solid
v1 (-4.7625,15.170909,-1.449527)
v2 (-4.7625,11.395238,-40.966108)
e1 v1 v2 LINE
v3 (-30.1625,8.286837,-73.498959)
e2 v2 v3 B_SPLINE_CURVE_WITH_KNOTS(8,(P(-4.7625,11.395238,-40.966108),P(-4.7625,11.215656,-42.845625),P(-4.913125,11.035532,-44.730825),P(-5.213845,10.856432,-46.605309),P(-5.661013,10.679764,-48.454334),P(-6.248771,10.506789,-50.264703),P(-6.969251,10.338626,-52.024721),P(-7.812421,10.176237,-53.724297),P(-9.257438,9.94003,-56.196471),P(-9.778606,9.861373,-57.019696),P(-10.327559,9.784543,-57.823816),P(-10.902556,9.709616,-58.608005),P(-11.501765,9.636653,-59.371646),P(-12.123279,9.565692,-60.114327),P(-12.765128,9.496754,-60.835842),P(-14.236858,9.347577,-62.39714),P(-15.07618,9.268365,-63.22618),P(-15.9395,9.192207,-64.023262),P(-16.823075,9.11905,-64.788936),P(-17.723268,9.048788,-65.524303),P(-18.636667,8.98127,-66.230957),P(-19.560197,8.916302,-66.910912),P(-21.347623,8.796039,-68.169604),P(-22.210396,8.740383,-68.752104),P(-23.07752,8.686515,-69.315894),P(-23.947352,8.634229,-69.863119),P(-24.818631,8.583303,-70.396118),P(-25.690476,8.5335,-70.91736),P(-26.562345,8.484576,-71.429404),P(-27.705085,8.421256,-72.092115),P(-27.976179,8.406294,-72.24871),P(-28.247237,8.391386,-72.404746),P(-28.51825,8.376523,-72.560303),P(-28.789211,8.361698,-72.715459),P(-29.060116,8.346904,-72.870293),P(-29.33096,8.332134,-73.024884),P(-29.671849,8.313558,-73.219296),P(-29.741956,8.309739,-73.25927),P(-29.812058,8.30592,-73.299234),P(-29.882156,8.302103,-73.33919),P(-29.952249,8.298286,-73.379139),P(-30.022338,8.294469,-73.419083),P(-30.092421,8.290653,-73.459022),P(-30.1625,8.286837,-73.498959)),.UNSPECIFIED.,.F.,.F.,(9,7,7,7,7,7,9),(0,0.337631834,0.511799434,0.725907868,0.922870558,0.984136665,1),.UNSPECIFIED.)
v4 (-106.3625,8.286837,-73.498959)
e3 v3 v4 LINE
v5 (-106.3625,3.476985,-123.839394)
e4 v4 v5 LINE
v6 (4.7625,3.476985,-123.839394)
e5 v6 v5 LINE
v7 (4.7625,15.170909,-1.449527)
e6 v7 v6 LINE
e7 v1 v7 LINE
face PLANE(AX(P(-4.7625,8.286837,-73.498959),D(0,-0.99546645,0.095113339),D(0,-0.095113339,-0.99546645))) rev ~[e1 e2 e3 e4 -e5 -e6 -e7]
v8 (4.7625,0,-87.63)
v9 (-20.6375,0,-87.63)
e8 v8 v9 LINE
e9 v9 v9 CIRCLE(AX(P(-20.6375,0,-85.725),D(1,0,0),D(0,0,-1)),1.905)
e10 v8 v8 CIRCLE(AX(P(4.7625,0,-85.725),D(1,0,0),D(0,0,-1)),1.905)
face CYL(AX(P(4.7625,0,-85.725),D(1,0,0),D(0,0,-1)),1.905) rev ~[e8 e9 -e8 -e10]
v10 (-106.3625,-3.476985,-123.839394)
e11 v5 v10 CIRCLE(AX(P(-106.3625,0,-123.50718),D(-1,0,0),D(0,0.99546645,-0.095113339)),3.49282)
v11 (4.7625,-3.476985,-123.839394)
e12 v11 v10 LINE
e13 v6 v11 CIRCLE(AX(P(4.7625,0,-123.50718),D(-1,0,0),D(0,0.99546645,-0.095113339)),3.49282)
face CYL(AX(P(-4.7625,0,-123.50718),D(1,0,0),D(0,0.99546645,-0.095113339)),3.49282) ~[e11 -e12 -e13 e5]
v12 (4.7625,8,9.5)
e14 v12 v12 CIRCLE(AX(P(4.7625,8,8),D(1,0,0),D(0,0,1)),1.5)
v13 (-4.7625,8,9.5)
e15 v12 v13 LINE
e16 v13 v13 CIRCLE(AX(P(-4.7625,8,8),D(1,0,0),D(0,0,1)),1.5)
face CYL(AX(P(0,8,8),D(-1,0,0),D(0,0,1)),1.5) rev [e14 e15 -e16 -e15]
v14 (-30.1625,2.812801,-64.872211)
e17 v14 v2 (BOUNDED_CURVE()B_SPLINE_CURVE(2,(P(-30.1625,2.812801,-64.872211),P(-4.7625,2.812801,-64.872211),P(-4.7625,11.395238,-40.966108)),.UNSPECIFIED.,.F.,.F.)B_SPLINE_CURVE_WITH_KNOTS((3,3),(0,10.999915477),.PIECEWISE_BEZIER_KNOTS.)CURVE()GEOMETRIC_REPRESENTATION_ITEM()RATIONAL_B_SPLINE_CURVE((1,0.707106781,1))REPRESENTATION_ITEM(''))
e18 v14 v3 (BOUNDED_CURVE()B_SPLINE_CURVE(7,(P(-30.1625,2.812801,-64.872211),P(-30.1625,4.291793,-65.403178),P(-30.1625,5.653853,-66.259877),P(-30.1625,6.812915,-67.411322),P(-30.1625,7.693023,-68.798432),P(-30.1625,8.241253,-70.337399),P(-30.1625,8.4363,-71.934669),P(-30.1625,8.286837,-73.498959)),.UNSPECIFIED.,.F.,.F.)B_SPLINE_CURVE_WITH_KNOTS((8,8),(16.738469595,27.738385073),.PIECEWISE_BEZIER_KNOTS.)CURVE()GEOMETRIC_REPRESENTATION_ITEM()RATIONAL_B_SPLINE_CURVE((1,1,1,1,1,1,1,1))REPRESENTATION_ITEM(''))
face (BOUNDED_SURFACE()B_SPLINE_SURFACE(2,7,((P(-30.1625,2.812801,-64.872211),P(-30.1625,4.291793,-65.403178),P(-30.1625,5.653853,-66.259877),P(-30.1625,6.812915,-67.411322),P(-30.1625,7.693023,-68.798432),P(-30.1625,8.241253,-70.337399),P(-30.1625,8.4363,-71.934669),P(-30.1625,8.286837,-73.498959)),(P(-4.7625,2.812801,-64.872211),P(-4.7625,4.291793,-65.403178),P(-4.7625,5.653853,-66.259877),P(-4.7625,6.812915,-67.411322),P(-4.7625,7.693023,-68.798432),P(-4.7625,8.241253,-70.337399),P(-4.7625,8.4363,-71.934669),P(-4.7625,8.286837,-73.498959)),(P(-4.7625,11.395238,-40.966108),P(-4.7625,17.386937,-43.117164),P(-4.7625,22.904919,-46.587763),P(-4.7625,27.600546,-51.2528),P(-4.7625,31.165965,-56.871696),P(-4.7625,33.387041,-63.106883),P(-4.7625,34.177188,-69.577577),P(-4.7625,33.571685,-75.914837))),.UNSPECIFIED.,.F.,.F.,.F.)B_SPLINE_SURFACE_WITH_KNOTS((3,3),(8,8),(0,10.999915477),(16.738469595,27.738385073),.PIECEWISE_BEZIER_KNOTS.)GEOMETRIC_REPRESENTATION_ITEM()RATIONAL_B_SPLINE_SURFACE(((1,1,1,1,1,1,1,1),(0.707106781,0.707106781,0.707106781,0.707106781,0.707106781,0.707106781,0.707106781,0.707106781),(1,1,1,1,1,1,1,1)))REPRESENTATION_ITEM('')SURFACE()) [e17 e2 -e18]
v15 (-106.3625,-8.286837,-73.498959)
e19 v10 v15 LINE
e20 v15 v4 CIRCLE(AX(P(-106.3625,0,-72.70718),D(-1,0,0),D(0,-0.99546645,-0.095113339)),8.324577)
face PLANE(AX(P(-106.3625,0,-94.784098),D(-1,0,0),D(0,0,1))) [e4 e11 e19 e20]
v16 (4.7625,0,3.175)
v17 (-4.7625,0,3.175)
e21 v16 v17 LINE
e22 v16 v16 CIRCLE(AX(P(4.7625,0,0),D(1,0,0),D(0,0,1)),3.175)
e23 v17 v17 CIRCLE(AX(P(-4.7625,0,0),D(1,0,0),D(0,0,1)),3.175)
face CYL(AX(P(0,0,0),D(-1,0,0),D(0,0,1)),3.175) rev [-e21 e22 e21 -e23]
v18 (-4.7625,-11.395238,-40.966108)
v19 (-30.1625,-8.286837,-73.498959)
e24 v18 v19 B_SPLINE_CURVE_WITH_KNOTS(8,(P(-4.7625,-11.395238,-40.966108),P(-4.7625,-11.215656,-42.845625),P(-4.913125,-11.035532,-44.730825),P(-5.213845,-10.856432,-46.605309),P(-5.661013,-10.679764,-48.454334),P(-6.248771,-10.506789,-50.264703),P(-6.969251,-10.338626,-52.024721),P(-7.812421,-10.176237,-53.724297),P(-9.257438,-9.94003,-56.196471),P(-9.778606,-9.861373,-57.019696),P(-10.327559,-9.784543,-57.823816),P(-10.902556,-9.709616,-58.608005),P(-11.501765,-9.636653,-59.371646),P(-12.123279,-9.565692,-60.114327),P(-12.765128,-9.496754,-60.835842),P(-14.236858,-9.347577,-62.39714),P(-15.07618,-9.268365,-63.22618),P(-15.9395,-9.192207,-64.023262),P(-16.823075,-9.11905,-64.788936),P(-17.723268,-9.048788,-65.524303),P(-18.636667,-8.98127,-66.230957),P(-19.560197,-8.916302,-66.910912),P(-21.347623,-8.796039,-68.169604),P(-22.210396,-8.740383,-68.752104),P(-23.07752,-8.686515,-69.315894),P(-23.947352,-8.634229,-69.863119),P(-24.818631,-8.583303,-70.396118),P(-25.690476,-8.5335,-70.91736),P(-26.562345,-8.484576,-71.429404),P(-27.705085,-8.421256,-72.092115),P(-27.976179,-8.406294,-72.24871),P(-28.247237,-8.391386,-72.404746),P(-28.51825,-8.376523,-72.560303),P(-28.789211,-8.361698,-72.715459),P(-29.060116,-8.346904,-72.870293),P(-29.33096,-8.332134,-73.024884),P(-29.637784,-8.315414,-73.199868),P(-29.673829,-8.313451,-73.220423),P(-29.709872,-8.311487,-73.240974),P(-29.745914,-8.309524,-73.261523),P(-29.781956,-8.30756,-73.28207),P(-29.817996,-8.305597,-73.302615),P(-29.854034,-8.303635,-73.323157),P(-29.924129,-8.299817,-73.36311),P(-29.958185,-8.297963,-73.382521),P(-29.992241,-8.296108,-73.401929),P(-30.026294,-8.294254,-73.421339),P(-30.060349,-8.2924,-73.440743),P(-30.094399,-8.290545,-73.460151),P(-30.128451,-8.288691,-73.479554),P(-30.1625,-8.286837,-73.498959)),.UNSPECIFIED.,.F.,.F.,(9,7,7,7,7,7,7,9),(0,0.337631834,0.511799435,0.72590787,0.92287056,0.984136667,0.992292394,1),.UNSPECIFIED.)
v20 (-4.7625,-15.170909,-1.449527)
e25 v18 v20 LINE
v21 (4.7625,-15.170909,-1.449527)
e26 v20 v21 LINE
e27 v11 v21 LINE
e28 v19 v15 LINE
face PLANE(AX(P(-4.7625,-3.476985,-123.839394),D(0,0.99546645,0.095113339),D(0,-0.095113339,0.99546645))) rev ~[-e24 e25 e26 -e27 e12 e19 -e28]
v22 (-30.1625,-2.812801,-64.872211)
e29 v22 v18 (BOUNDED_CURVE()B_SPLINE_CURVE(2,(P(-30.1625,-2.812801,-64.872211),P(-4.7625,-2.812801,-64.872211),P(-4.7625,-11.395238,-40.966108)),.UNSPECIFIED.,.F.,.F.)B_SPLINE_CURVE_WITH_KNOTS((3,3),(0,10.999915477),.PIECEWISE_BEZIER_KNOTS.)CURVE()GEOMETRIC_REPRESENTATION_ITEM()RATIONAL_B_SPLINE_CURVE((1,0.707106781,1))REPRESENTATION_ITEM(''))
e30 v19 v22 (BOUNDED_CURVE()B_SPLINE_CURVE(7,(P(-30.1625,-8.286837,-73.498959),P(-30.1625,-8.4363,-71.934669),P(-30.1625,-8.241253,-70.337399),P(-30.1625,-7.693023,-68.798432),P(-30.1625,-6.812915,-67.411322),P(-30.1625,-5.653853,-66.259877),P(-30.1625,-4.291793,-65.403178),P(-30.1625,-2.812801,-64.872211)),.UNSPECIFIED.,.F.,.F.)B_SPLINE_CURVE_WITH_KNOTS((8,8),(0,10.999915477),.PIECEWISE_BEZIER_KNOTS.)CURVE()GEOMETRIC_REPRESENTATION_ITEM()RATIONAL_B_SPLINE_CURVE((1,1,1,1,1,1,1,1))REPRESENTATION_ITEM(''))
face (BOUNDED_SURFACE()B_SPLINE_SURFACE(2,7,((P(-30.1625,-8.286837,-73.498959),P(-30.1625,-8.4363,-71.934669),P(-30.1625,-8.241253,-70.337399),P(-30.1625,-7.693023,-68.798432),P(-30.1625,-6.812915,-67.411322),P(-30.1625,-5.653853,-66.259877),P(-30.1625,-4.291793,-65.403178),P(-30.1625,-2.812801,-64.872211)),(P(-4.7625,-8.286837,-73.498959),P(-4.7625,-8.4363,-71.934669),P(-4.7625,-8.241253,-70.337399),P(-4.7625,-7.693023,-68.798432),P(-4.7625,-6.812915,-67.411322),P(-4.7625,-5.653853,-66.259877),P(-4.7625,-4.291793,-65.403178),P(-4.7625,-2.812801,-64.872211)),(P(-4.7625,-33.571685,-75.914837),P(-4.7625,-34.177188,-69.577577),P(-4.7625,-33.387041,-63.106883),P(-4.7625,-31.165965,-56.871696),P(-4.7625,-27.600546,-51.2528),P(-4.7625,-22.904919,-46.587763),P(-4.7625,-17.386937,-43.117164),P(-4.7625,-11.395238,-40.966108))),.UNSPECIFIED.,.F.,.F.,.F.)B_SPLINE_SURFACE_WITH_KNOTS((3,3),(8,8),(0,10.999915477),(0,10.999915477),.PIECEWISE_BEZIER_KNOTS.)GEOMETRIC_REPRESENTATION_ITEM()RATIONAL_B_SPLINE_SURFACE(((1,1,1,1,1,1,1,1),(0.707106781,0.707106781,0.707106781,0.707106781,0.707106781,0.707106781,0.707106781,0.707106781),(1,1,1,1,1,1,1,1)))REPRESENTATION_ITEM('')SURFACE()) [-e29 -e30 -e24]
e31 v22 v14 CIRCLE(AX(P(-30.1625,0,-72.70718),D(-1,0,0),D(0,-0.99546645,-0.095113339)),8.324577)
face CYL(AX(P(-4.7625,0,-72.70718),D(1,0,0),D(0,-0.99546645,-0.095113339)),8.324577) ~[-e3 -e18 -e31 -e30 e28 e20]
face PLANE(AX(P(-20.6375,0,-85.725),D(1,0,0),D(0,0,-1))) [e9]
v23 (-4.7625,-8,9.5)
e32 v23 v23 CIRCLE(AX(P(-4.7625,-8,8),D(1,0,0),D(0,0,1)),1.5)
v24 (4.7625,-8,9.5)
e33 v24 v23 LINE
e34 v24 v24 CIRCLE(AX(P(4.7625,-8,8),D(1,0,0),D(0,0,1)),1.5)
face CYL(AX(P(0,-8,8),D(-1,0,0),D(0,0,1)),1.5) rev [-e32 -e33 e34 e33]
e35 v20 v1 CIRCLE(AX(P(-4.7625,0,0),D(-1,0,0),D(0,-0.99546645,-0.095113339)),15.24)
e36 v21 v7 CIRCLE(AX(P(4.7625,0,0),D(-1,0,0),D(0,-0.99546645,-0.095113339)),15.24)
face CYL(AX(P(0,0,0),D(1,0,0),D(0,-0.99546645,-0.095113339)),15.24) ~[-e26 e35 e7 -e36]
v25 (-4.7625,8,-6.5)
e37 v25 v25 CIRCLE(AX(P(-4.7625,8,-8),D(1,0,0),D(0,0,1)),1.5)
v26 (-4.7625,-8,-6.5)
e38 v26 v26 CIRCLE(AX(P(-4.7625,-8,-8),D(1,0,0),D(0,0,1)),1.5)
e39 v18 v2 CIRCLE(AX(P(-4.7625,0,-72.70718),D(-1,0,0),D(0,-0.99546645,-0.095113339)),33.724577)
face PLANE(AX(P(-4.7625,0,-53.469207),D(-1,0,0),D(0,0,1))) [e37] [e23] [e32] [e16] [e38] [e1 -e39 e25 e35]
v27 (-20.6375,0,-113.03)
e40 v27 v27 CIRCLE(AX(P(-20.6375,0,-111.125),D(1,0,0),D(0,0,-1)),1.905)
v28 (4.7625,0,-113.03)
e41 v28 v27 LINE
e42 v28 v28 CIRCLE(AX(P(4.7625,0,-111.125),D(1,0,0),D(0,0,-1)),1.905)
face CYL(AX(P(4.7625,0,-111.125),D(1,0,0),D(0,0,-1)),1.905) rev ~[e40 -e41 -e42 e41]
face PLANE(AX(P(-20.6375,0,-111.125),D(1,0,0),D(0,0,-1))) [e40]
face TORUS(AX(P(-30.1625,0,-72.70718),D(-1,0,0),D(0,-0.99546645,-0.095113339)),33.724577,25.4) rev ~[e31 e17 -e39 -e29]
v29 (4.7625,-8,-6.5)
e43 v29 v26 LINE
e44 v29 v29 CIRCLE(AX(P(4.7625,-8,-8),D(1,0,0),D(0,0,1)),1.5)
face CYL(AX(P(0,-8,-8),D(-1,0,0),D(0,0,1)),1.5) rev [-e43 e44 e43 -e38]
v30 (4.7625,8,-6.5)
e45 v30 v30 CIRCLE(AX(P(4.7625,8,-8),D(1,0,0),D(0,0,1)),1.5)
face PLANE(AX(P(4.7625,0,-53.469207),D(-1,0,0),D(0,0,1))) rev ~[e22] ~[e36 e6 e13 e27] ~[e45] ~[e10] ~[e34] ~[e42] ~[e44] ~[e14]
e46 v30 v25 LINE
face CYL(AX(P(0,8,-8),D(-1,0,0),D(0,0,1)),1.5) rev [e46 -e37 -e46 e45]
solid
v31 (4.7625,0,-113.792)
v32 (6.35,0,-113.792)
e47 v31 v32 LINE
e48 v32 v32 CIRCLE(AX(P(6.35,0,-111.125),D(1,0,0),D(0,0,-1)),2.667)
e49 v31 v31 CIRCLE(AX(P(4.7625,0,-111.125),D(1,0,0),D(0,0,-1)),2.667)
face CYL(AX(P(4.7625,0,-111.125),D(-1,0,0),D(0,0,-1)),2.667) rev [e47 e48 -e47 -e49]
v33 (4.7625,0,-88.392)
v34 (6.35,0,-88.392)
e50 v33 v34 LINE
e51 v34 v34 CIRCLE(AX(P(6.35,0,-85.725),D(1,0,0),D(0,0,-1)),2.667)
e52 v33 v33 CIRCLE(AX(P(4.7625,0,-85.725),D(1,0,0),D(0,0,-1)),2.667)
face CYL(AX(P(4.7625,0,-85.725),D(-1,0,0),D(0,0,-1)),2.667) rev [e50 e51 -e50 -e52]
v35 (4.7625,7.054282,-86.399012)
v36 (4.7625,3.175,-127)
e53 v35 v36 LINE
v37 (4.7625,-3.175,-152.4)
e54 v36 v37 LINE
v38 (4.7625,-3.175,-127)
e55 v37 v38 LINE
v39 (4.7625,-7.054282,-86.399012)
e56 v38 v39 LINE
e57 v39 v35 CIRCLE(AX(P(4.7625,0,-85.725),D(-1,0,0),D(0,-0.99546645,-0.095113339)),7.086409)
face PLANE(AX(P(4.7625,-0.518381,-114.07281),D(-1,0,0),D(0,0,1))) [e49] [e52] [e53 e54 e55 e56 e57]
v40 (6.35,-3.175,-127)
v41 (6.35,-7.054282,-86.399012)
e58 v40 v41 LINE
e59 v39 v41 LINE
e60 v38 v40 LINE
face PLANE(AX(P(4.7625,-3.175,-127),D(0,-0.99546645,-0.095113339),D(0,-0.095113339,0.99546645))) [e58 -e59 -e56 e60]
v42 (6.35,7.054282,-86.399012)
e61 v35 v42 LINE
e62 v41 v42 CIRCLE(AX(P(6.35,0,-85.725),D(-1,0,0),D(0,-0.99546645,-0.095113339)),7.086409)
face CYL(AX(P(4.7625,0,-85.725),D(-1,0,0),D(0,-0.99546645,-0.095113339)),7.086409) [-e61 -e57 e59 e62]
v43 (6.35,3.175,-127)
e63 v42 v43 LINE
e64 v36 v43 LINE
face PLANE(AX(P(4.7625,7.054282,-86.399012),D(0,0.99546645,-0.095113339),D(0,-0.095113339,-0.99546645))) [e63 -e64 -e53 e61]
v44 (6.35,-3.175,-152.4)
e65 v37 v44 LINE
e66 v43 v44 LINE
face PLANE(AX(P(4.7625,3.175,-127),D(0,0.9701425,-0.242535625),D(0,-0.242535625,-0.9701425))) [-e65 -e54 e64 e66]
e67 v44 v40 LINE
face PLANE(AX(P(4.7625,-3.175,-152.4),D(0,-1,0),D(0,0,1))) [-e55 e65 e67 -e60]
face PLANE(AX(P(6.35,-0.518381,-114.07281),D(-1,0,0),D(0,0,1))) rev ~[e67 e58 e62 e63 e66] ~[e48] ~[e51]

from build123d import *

# Parameters (mm, degrees)
SKETCH1_R           = 3.175
SKETCH1_R_2         = 1.4999999999999996
SKETCH1_R_3         = 1.4999999999999987
BOSS_EXTRUDE1_DEPTH = 4.7625
BOSS_EXTRUDE2_DEPTH = 101.6
SKETCH4_R           = 2.6669999999999963
BOSS_EXTRUDE3_DEPTH = 1.5875
SKETCH5_R           = 1.9050000000000071
CUT_EXTRUDE1_DEPTH  = 25.4
FILLET1_R           = 25.4


with BuildPart() as part:
    # Sketch1 → Boss-Extrude1 (new, symmetric)
    with BuildSketch(Plane(origin=(0, 0, 0), x_dir=(0, 0, -1), z_dir=(1, 0, 0))):
        with BuildLine():
            Line((1.449527282604434, 15.170908695822588), (123.83939402170368, 3.476984850542586))
            ThreePointArc((123.83939402170368, 3.476984850542586), (127.00000000000004, 0), (123.83939402170368, -3.476984850542586))
            Line((123.83939402170368, -3.476984850542586), (1.449527282604434, -15.170908695822588))
            ThreePointArc((1.449527282604434, -15.170908695822588), (-15.24, 1.87e-15), (1.449527282604434, 15.170908695822588))
        make_face()
        with Locations(Location((0, 0, 0), (0, 0, 180))):
            Circle(SKETCH1_R, mode=Mode.SUBTRACT)
        with Locations(Location((-8.000000000000005, 8.000000000000002, 0), (0, 0, 180))):
            Circle(SKETCH1_R_2, mode=Mode.SUBTRACT)
        with Locations(Location((7.999999999999998, 8.000000000000002, 0), (0, 0, 180))):
            Circle(SKETCH1_R_3, mode=Mode.SUBTRACT)
        with Locations(Location((7.999999999999998, -7.999999999999998, 0), (0, 0, 180))):
            Circle(SKETCH1_R_3, mode=Mode.SUBTRACT)
        with Locations(Location((-8.000000000000002, -7.999999999999998, 0), (0, 0, 180))):
            Circle(SKETCH1_R_2, mode=Mode.SUBTRACT)
    extrude(amount=BOSS_EXTRUDE1_DEPTH, both=True)

    # Sketch3 → Boss-Extrude2 (add)
    with BuildSketch(Plane.ZY.offset(4.7625)):
        with BuildLine():
            Line((-73.49895861991335, 8.286837443826865), (-123.83939402170368, 3.476984850542586))
            ThreePointArc((-123.83939402170368, 3.476984850542586), (-127.00000000000004, 4.3e-16), (-123.83939402170368, -3.476984850542586))
            Line((-123.83939402170368, -3.476984850542586), (-73.49895861991335, -8.286837443826865))
            ThreePointArc((-73.49895861991335, -8.286837443826865), (-64.38260294351677, 0), (-73.49895861991335, 8.286837443826865))
        make_face()
    extrude(amount=BOSS_EXTRUDE2_DEPTH)

    # Sketch5 → Cut-Extrude1 (cut)
    with BuildSketch(Plane(origin=(4.7625, 0, 0), x_dir=(0, 0, -1), z_dir=(1, 0, 0))):
        with Locations((85.72500000000001, 0)):
            Circle(SKETCH5_R)
        with Locations((111.125, 0)):
            Circle(SKETCH5_R)
    extrude(amount=-CUT_EXTRUDE1_DEPTH, mode=Mode.SUBTRACT)

    # Fillet1
    fillet1_edges = [part.edges().sort_by_distance(p)[0] for p in [
        (-4.7625, 4.4e-16, -64.38260294351677),
    ]]
    fillet(fillet1_edges, radius=FILLET1_R)


with BuildPart() as body_2:
    # Sketch4 → Boss-Extrude3 (new body)
    with BuildSketch(Plane(origin=(4.7625, 0, 0), x_dir=(0, 0, -1), z_dir=(1, 0, 0))):
        with BuildLine():
            Line((127, 3.175), (152.4, -3.174999999999997))
            Line((152.4, -3.174999999999997), (127, -3.175))
            Line((127, -3.175), (86.39901202312564, -7.054282444655376))
            ThreePointArc((86.39901202312564, -7.054282444655376), (78.63859096464995, -8.7e-16), (86.39901202312564, 7.05428244465537))
            Line((86.39901202312564, 7.05428244465537), (127, 3.175))
        make_face()
        with Locations((111.125, 0)):
            Circle(SKETCH4_R, mode=Mode.SUBTRACT)
        with Locations((85.72500000000001, 0)):
            Circle(SKETCH4_R, mode=Mode.SUBTRACT)
    extrude(amount=BOSS_EXTRUDE3_DEPTH)


solid = Compound([part.part, body_2.part])
